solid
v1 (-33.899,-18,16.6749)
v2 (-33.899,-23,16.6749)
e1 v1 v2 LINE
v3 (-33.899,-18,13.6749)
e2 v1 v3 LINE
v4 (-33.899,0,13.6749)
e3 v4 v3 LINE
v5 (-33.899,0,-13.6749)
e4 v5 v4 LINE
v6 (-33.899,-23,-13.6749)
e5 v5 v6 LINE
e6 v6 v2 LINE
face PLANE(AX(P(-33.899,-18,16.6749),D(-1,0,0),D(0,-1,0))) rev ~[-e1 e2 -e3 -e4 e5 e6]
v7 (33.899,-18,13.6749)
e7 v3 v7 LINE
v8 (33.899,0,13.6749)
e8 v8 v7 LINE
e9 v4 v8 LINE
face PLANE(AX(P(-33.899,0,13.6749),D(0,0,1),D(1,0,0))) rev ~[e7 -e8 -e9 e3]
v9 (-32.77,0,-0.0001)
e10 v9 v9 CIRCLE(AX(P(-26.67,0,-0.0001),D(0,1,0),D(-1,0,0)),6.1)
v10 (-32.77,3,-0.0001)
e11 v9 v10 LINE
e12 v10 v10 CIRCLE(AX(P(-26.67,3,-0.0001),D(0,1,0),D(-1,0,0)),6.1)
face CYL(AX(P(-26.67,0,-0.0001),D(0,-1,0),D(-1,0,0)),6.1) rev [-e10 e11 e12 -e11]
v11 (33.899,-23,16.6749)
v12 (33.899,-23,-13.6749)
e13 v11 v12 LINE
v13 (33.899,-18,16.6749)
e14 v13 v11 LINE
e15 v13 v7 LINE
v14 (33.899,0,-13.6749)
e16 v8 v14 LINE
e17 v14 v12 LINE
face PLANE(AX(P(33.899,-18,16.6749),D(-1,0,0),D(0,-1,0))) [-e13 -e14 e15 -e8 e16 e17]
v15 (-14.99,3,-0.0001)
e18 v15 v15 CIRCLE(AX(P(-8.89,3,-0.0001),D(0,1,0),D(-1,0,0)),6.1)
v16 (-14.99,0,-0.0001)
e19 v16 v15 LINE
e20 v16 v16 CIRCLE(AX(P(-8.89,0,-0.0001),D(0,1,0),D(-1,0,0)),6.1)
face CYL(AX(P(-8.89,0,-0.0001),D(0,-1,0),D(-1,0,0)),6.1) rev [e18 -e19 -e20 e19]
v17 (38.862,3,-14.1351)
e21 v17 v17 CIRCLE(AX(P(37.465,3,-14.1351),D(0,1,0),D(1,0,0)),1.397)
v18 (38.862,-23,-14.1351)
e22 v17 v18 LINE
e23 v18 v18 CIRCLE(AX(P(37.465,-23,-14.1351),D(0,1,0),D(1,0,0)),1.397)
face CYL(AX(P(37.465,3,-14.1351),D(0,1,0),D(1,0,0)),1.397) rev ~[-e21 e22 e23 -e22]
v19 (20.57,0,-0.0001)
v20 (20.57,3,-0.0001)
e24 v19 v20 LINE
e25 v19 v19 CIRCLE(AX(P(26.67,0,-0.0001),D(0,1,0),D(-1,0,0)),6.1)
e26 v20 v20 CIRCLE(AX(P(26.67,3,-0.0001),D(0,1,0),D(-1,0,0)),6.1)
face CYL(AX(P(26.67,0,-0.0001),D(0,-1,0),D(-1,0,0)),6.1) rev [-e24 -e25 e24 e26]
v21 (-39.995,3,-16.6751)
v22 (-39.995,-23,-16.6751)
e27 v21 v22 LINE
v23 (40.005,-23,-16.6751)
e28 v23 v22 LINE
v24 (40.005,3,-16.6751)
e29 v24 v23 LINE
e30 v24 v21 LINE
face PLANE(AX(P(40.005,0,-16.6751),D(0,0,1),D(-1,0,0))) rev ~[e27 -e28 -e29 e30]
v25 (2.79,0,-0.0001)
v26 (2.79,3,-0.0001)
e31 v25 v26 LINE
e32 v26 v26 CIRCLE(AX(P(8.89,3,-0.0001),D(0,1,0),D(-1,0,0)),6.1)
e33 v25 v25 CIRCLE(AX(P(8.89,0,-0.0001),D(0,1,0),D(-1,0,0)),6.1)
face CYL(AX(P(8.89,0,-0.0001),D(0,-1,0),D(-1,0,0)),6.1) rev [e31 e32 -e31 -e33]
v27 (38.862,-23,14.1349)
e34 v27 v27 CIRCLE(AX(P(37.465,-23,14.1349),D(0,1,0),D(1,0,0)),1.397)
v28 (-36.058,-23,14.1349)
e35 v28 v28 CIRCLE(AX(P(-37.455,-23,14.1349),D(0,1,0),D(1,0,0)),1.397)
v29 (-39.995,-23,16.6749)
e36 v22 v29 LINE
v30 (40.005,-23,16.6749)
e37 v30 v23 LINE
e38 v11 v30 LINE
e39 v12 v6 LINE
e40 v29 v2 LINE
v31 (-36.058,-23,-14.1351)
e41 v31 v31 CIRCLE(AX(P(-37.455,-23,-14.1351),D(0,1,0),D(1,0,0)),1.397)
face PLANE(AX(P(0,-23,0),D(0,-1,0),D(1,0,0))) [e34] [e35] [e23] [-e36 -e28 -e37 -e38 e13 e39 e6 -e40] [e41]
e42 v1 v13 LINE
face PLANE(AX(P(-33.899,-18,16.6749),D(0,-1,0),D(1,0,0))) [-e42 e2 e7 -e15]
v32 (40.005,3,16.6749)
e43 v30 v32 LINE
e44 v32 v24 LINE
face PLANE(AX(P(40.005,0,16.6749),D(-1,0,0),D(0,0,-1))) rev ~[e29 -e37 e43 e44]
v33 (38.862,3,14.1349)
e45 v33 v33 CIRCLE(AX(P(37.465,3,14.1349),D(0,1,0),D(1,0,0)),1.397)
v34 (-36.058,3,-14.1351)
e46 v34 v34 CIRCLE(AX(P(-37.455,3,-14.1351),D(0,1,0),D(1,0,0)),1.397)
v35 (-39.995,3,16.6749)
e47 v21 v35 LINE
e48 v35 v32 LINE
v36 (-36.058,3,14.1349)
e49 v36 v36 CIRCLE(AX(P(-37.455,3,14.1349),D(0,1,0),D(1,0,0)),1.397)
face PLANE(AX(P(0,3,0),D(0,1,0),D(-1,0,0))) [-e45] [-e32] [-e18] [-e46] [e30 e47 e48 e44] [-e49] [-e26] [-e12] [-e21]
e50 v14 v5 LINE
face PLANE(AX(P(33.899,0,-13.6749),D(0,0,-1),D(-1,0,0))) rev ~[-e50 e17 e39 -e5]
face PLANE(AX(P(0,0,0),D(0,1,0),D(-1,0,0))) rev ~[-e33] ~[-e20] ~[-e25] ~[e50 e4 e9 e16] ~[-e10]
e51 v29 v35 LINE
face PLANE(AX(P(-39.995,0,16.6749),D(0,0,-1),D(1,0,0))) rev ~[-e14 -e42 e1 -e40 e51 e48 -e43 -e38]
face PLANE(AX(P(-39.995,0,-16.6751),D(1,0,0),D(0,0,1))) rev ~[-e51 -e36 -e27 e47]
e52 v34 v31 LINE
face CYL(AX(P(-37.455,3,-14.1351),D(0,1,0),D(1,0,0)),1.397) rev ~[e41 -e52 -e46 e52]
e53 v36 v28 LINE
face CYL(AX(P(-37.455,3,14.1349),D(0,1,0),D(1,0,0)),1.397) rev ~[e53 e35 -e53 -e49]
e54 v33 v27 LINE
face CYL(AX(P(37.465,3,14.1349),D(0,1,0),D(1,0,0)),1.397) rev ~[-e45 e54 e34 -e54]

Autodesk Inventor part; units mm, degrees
ref_plane "YZ Plane" through (0, 0, 0) normal (1, 0, 0) x (0, 1, 0)
ref_plane "XZ Plane" through (0, 0, 0) normal (0, 1, 0) x (-1, 0, 0)
ref_plane "XY Plane" through (0, 0, 0) normal (0, 0, 1) x (1, 0, 0)
sketch "Sketch1" plane through (0, 0, 0) normal (0, 1, 0) x (-1, 0, 0)
  line L0 (39.995, 16.6749) -> (-40.005, 16.6749)
  line L1 (-40.005, 16.6749) -> (-40.005, -16.6751)
  line L2 (-40.005, -16.6751) -> (39.995, -16.6751)
  line L3 (39.995, -16.6751) -> (39.995, 16.6749)
  circle A0 centre (-26.67, -0.0001) radius 6.1
  circle A1 centre (-8.89, -0.0001) radius 6.1
  circle A2 centre (8.89, -0.0001) radius 6.1
  circle A3 centre (26.67, -0.0001) radius 6.1
  point P0 (0, 0)
  dimension "d0" = 33.35
  dimension "d1" = 80
  dimension "d2" = 16.6751
  dimension "d3" = 40.005
  dimension "d4" = 12.2
  dimension "d5" = 13.335
  dimension "d8" = 17.78
extrude "Extrusion1" add sketch "Sketch1" along normal blind 3
sketch "Sketch2" plane through (0, 0, 0) normal (0, -1, 0) x (1, 0, 0)
  circle A0 centre (-26.67, -0.0001) radius 6.1 projected
  circle A1 centre (-8.89, -0.0001) radius 6.1 projected
  circle A2 centre (8.89, -0.0001) radius 6.1 projected
  circle A3 centre (26.67, -0.0001) radius 6.1 projected
  line L0 (-39.995, -16.6751) -> (-39.995, 16.6749) projected
  line L1 (-39.995, 16.6749) -> (40.005, 16.6749) projected
  line L2 (40.005, 16.6749) -> (40.005, -16.6751) projected
  line L3 (40.005, -16.6751) -> (-39.995, -16.6751) projected
  line L4 (33.899, -13.6749) -> (-33.899, -13.6749)
  line L5 (-33.899, -13.6749) -> (-33.899, 13.6749)
  line L6 (-33.899, 13.6749) -> (33.899, 13.6749)
  line L7 (33.899, 13.6749) -> (33.899, -13.6749)
  line L8 (33.899, -13.6749) -> (-33.899, 13.6749) construction
  line L9 (-33.899, -13.6749) -> (33.899, 13.6749) construction
  point P0 (0, 0)
  dimension "d15" = 6.096
  dimension "d16" = 6.106
  dimension "d17" = 3
  dimension "d18" = 7.229
extrude "Extrusion2" add sketch "Sketch2" along normal blind 23 contours L0 L1 L2 L3
sketch "Sketch4" plane through (-39.995, 3, 16.6749) normal (0, 0, 1) x (1, 0, 0)
  line L0 (80, -26) -> (0, -26) projected
  line L1 (0, -26) -> (0, 0) projected
  line L2 (0, 0) -> (80, 0) projected
  line L3 (80, 0) -> (80, -26) projected
  line L4 (0, 0) -> (80, 0) projected
  line L5 (6.096, 0) -> (6.096, -26)
  line L6 (73.894, 0) -> (73.894, -26)
  line L7 (73.894, -3) -> (73.894, -26) projected
  line L8 (6.096, -21) -> (73.894, -21)
  point P0 (39.995, -3)
  dimension "d21" = 6.096
  dimension "d22" = 6.106
  dimension "d23" = 5
extrude "Extrusion3" cut sketch "Sketch4" against normal blind 23 contours L0 L5 L8 L6
sketch "Sketch5" plane through (0, 3, 0) normal (0, 1, 0) x (1, 0, 0)
  circle A0 centre (-26.67, 0.0001) radius 6.1 projected
  circle A1 centre (-8.89, 0.0001) radius 6.1 projected
  circle A2 centre (8.89, 0.0001) radius 6.1 projected
  circle A3 centre (26.67, 0.0001) radius 6.1 projected
  line L0 (-39.995, -16.6749) -> (-39.995, 16.6751) projected
  line L1 (-39.995, 16.6751) -> (40.005, 16.6751) projected
  line L2 (40.005, 16.6751) -> (40.005, -16.6749) projected
  line L3 (40.005, -16.6749) -> (-39.995, -16.6749) projected
  line L4 (-33.899, 13.6749) -> (-33.899, -16.6749) projected
  line L5 (33.899, -13.6749) -> (-33.899, -13.6749) projected
  line L6 (33.899, 13.6749) -> (-33.899, 13.6749) projected
  line L7 (33.899, -16.6749) -> (33.899, 13.6749) projected
  line L8 (-33.67, -12.4999) -> (-19.67, -12.4999)
  line L9 (-19.67, -12.4999) -> (-19.67, 12.5001)
  line L10 (-19.67, 12.5001) -> (-33.67, 12.5001)
  line L11 (-33.67, 12.5001) -> (-33.67, -12.4999)
  line L12 (-33.67, -12.4999) -> (-19.67, 12.5001) construction
  line L13 (-19.67, -12.4999) -> (-33.67, 12.5001) construction
  line L14 (-15.89, -12.4999) -> (-1.89, -12.4999)
  line L15 (-1.89, -12.4999) -> (-1.89, 12.5001)
  line L16 (-1.89, 12.5001) -> (-15.89, 12.5001)
  line L17 (-15.89, 12.5001) -> (-15.89, -12.4999)
  line L18 (1.89, -12.4999) -> (15.89, -12.4999)
  line L19 (15.89, -12.4999) -> (15.89, 12.5001)
  line L20 (15.89, 12.5001) -> (1.89, 12.5001)
  line L21 (1.89, 12.5001) -> (1.89, -12.4999)
  line L22 (19.67, -12.4999) -> (33.67, -12.4999)
  line L23 (33.67, -12.4999) -> (33.67, 12.5001)
  line L24 (33.67, 12.5001) -> (19.67, 12.5001)
  line L25 (19.67, 12.5001) -> (19.67, -12.4999)
  circle A4 centre (-37.455, -14.1349) radius 1.397
  line L26 (0.005, -16.6749) -> (0.005, 16.6751)
  line L27 (-1.89, 0.0001) -> (1.89, 0.0001)
  circle A5 centre (37.465, -14.1349) radius 1.397
  circle A6 centre (-37.455, 14.1351) radius 1.397
  circle A7 centre (37.465, 14.1351) radius 1.397
  point P0 (0, 0)
  dimension "d26" = 13.335
  dimension "d27" = 7.229
  dimension "d28" = 14
  dimension "d29" = 25
  dimension "d30" = 0.229
  dimension "d33" = 17.78
  dimension "d38" = 3.78
  dimension "d39" = 6.325
  dimension "d40" = 2.794
  dimension "d41" = 2.54
  dimension "d44" = 2.54
  dimension "d45" = 2.54
extrude "Extrusion4" cut sketch "Sketch5" against normal blind 50.8 contours A4 | A5 | A6 | A7
properties part number "SwitchPanel"
